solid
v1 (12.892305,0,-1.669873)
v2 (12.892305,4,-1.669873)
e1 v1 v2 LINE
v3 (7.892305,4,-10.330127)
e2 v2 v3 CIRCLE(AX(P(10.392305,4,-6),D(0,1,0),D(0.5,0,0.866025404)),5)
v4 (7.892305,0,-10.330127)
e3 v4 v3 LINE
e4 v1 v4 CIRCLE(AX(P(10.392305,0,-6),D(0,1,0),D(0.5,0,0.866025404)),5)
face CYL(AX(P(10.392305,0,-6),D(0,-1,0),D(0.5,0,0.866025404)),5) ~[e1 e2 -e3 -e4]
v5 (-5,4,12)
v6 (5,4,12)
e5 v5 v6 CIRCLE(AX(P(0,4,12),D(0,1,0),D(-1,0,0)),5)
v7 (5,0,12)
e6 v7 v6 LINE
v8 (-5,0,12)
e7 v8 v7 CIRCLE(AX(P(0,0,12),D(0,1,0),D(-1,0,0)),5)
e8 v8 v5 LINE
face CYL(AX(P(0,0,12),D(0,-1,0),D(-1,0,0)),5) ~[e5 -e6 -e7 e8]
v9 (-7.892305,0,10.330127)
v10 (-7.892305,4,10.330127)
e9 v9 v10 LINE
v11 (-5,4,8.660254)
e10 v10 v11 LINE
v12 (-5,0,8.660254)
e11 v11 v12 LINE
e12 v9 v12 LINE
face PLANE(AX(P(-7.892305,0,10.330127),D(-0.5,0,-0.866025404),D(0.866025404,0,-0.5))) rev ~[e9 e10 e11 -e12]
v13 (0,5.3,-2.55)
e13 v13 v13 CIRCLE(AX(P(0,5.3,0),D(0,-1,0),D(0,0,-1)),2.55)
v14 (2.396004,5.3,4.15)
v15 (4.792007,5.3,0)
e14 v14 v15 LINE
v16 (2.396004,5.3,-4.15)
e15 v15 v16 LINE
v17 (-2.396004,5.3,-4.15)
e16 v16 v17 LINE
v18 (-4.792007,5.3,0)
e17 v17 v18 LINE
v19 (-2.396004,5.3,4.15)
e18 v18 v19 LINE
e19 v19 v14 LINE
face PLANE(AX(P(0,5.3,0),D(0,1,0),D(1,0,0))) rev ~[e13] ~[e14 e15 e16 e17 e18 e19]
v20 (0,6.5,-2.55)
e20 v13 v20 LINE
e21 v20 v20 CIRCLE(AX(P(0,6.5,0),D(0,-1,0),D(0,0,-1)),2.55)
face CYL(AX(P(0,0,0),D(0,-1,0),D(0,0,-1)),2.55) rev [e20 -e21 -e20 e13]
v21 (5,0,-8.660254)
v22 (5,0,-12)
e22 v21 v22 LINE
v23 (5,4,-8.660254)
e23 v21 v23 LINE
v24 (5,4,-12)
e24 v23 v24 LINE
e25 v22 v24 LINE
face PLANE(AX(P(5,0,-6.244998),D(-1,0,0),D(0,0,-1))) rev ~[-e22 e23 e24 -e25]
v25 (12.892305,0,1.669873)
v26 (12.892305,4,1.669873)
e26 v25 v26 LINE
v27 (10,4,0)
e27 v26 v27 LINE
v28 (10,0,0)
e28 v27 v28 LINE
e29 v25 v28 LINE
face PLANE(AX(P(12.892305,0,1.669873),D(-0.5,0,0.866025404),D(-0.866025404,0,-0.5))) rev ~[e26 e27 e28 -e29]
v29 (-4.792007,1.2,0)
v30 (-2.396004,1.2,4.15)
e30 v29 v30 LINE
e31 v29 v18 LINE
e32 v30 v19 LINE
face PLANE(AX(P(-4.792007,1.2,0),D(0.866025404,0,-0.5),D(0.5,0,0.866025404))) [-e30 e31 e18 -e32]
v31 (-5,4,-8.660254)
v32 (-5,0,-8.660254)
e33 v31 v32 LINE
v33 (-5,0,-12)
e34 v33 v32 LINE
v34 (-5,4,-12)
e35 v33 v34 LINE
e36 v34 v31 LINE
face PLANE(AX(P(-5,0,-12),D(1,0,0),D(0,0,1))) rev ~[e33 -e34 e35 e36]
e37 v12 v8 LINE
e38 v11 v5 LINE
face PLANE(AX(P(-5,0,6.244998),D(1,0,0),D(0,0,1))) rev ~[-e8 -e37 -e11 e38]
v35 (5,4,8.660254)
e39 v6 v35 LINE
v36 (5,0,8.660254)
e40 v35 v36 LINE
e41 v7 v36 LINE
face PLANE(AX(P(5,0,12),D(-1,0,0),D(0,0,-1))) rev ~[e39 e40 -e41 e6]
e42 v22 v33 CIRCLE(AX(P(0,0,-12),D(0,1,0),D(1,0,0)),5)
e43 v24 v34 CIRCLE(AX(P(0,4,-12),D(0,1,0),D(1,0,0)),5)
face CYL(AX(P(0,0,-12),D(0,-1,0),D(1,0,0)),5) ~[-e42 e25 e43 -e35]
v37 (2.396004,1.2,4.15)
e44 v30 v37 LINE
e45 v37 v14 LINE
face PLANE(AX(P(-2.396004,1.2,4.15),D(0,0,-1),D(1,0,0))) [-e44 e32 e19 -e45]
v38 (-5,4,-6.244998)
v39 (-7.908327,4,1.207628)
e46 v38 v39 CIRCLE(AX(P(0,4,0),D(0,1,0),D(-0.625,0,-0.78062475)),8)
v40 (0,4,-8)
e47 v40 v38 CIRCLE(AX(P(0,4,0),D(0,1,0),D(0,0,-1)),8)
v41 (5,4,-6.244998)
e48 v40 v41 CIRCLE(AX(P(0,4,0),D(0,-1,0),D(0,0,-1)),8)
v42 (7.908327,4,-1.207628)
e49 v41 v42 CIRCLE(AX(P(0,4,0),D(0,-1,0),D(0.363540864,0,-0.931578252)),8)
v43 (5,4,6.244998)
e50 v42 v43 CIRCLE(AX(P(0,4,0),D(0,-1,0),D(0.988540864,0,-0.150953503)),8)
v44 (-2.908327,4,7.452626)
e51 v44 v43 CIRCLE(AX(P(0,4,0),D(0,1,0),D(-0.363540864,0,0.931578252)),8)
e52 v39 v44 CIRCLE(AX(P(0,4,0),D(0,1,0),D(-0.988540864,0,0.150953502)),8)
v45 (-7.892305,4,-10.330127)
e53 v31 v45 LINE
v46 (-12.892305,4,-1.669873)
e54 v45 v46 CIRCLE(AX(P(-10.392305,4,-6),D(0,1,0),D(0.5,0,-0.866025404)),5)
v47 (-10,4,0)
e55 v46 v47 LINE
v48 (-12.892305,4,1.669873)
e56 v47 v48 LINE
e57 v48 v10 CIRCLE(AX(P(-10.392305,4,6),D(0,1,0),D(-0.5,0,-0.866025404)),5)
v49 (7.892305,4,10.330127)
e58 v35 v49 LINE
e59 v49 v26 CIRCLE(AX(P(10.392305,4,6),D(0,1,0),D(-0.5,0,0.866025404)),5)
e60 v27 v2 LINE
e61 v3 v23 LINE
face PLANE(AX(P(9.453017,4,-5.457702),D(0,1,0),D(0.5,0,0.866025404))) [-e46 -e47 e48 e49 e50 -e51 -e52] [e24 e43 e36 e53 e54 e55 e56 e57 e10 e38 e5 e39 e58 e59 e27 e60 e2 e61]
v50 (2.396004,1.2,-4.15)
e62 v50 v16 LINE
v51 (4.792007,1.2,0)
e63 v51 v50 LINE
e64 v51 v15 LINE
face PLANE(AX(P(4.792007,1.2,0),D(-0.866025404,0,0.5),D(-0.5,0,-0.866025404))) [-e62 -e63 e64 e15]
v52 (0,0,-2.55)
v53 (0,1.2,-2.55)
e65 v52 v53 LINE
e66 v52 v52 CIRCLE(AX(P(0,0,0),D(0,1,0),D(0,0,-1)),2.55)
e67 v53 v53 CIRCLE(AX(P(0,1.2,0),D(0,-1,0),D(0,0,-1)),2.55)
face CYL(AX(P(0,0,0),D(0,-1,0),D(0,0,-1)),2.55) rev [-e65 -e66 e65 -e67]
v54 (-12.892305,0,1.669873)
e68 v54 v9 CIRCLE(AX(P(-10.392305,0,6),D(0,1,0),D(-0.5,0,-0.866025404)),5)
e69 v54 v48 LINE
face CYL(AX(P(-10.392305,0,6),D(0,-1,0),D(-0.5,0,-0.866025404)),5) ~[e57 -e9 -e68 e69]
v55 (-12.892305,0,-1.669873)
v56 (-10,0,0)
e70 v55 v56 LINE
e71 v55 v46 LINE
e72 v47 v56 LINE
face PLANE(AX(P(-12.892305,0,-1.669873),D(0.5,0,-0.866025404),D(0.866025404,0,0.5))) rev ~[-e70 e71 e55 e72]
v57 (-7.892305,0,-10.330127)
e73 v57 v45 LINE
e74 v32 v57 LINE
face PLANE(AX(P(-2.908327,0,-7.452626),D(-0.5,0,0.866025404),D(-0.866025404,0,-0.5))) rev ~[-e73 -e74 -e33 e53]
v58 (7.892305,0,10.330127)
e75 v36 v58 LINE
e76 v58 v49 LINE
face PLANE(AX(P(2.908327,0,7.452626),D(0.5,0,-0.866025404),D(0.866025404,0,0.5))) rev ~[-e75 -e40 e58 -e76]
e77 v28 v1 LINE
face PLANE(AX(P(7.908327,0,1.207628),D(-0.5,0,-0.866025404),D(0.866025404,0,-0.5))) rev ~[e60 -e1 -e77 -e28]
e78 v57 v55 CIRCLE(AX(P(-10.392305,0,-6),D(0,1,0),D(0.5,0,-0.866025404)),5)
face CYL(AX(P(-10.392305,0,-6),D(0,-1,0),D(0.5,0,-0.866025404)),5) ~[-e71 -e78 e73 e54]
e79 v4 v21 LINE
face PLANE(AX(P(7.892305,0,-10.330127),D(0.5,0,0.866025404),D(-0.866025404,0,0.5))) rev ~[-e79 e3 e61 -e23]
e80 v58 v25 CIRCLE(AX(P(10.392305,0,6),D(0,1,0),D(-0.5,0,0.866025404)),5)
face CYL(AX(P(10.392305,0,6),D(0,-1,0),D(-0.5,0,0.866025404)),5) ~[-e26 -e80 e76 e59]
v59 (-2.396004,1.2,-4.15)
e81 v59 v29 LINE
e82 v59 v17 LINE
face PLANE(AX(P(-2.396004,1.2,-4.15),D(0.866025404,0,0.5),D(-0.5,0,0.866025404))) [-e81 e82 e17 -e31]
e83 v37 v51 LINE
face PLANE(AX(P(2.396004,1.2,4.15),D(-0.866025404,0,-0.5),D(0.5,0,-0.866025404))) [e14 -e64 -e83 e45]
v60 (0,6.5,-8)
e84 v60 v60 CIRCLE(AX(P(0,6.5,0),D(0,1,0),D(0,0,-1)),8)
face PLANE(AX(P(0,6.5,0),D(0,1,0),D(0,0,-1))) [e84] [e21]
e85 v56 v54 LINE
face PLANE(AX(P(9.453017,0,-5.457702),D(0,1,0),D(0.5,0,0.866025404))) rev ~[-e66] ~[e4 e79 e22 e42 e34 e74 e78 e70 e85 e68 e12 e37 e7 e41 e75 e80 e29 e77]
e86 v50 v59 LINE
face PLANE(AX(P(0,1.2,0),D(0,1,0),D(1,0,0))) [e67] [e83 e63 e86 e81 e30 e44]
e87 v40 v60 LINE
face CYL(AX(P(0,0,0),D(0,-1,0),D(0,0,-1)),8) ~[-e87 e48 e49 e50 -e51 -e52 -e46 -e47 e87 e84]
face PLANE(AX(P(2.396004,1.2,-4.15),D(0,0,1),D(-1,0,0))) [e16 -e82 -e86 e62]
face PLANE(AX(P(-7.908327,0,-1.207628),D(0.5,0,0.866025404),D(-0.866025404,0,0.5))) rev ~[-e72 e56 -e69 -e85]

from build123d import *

# Parameters (mm, degrees)
SKETCH1_R           = 8
BOSS_EXTRUDE1_DEPTH = 6.5
CUT_EXTRUDE1_START  = 1.2
CUT_EXTRUDE1_DEPTH  = 4.1
CUT_EXTRUDE2_REACH  = 15.048
SKETCH5_R           = 2.55
BOSS_EXTRUDE4_DEPTH = 4
CIRPATTERN1_COUNT   = 6


with BuildPart() as part:
    # Sketch1 → Boss-Extrude1 (new body)
    with BuildSketch(Plane(origin=(0, 0, 0), x_dir=(1, 0, 0), z_dir=(0, 1, 0))):
        with Locations(Location((0, 0, 0), (0, 0, 90))):
            Circle(SKETCH1_R)
    extrude(amount=BOSS_EXTRUDE1_DEPTH)

    # Sketch4 → Cut-Extrude1 (cut)
    with BuildSketch(Plane(origin=(0, 0, 0), x_dir=(1, 0, 0), z_dir=(0, 1, 0)).offset(CUT_EXTRUDE1_START)):
        Polygon((4.792007234, 0), (2.396003617, 4.15), (-2.396003617, 4.15), (-4.792007234, 0), (-2.396003617, -4.15), (2.396003617, -4.15), align=None)
    extrude(amount=CUT_EXTRUDE1_DEPTH, mode=Mode.SUBTRACT)

    # Cut-Extrude2: up to this face of the body (flat: up to its plane)
    cut_extrude2_end = Plane(part.part.faces().sort_by_distance((0, 6.5, 0))[0])
    # Sketch5 → Cut-Extrude2 (cut, up to the picked face)
    with BuildSketch(Plane(origin=(0, 0, 0), x_dir=(1, 0, 0), z_dir=(0, 1, 0)), mode=Mode.PRIVATE) as cut_extrude2_sk1:
        with Locations(Location((0, 0, 0), (0, 0, 90))):
            Circle(SKETCH5_R)
    cut_extrude2_tool1 = split(extrude(cut_extrude2_sk1.sketch, amount=CUT_EXTRUDE2_REACH, mode=Mode.PRIVATE), bisect_by=cut_extrude2_end, keep=Keep.BOTH, mode=Mode.PRIVATE)
    add(cut_extrude2_tool1.solids().sort_by(Axis((0, 0, 0), (0, 1, 0)))[0], mode=Mode.SUBTRACT)

    # Sketch6 → Boss-Extrude4 (add)
    with BuildSketch(Plane(origin=(0, 0, 0), x_dir=(1, 0, 0), z_dir=(0, 1, 0))):
        with BuildLine():
            Line((-5, 12), (-5, 6.244997998))
            ThreePointArc((-5, 6.244997998), (0, 8), (5, 6.244997998))
            Line((5, 6.244997998), (5, 12))
            ThreePointArc((5, 12), (0, 17), (-5, 12))
        make_face()
    boss_extrude4 = extrude(amount=BOSS_EXTRUDE4_DEPTH)

    # CirPattern1: Boss-Extrude4 ×6 about axis
    cirpattern1_axis = Axis((0, 0, 0), (0, 1, 0))
    for i in range(1, CIRPATTERN1_COUNT):
        add(boss_extrude4.rotate(cirpattern1_axis, i * 360 / CIRPATTERN1_COUNT))


solid = part.part
